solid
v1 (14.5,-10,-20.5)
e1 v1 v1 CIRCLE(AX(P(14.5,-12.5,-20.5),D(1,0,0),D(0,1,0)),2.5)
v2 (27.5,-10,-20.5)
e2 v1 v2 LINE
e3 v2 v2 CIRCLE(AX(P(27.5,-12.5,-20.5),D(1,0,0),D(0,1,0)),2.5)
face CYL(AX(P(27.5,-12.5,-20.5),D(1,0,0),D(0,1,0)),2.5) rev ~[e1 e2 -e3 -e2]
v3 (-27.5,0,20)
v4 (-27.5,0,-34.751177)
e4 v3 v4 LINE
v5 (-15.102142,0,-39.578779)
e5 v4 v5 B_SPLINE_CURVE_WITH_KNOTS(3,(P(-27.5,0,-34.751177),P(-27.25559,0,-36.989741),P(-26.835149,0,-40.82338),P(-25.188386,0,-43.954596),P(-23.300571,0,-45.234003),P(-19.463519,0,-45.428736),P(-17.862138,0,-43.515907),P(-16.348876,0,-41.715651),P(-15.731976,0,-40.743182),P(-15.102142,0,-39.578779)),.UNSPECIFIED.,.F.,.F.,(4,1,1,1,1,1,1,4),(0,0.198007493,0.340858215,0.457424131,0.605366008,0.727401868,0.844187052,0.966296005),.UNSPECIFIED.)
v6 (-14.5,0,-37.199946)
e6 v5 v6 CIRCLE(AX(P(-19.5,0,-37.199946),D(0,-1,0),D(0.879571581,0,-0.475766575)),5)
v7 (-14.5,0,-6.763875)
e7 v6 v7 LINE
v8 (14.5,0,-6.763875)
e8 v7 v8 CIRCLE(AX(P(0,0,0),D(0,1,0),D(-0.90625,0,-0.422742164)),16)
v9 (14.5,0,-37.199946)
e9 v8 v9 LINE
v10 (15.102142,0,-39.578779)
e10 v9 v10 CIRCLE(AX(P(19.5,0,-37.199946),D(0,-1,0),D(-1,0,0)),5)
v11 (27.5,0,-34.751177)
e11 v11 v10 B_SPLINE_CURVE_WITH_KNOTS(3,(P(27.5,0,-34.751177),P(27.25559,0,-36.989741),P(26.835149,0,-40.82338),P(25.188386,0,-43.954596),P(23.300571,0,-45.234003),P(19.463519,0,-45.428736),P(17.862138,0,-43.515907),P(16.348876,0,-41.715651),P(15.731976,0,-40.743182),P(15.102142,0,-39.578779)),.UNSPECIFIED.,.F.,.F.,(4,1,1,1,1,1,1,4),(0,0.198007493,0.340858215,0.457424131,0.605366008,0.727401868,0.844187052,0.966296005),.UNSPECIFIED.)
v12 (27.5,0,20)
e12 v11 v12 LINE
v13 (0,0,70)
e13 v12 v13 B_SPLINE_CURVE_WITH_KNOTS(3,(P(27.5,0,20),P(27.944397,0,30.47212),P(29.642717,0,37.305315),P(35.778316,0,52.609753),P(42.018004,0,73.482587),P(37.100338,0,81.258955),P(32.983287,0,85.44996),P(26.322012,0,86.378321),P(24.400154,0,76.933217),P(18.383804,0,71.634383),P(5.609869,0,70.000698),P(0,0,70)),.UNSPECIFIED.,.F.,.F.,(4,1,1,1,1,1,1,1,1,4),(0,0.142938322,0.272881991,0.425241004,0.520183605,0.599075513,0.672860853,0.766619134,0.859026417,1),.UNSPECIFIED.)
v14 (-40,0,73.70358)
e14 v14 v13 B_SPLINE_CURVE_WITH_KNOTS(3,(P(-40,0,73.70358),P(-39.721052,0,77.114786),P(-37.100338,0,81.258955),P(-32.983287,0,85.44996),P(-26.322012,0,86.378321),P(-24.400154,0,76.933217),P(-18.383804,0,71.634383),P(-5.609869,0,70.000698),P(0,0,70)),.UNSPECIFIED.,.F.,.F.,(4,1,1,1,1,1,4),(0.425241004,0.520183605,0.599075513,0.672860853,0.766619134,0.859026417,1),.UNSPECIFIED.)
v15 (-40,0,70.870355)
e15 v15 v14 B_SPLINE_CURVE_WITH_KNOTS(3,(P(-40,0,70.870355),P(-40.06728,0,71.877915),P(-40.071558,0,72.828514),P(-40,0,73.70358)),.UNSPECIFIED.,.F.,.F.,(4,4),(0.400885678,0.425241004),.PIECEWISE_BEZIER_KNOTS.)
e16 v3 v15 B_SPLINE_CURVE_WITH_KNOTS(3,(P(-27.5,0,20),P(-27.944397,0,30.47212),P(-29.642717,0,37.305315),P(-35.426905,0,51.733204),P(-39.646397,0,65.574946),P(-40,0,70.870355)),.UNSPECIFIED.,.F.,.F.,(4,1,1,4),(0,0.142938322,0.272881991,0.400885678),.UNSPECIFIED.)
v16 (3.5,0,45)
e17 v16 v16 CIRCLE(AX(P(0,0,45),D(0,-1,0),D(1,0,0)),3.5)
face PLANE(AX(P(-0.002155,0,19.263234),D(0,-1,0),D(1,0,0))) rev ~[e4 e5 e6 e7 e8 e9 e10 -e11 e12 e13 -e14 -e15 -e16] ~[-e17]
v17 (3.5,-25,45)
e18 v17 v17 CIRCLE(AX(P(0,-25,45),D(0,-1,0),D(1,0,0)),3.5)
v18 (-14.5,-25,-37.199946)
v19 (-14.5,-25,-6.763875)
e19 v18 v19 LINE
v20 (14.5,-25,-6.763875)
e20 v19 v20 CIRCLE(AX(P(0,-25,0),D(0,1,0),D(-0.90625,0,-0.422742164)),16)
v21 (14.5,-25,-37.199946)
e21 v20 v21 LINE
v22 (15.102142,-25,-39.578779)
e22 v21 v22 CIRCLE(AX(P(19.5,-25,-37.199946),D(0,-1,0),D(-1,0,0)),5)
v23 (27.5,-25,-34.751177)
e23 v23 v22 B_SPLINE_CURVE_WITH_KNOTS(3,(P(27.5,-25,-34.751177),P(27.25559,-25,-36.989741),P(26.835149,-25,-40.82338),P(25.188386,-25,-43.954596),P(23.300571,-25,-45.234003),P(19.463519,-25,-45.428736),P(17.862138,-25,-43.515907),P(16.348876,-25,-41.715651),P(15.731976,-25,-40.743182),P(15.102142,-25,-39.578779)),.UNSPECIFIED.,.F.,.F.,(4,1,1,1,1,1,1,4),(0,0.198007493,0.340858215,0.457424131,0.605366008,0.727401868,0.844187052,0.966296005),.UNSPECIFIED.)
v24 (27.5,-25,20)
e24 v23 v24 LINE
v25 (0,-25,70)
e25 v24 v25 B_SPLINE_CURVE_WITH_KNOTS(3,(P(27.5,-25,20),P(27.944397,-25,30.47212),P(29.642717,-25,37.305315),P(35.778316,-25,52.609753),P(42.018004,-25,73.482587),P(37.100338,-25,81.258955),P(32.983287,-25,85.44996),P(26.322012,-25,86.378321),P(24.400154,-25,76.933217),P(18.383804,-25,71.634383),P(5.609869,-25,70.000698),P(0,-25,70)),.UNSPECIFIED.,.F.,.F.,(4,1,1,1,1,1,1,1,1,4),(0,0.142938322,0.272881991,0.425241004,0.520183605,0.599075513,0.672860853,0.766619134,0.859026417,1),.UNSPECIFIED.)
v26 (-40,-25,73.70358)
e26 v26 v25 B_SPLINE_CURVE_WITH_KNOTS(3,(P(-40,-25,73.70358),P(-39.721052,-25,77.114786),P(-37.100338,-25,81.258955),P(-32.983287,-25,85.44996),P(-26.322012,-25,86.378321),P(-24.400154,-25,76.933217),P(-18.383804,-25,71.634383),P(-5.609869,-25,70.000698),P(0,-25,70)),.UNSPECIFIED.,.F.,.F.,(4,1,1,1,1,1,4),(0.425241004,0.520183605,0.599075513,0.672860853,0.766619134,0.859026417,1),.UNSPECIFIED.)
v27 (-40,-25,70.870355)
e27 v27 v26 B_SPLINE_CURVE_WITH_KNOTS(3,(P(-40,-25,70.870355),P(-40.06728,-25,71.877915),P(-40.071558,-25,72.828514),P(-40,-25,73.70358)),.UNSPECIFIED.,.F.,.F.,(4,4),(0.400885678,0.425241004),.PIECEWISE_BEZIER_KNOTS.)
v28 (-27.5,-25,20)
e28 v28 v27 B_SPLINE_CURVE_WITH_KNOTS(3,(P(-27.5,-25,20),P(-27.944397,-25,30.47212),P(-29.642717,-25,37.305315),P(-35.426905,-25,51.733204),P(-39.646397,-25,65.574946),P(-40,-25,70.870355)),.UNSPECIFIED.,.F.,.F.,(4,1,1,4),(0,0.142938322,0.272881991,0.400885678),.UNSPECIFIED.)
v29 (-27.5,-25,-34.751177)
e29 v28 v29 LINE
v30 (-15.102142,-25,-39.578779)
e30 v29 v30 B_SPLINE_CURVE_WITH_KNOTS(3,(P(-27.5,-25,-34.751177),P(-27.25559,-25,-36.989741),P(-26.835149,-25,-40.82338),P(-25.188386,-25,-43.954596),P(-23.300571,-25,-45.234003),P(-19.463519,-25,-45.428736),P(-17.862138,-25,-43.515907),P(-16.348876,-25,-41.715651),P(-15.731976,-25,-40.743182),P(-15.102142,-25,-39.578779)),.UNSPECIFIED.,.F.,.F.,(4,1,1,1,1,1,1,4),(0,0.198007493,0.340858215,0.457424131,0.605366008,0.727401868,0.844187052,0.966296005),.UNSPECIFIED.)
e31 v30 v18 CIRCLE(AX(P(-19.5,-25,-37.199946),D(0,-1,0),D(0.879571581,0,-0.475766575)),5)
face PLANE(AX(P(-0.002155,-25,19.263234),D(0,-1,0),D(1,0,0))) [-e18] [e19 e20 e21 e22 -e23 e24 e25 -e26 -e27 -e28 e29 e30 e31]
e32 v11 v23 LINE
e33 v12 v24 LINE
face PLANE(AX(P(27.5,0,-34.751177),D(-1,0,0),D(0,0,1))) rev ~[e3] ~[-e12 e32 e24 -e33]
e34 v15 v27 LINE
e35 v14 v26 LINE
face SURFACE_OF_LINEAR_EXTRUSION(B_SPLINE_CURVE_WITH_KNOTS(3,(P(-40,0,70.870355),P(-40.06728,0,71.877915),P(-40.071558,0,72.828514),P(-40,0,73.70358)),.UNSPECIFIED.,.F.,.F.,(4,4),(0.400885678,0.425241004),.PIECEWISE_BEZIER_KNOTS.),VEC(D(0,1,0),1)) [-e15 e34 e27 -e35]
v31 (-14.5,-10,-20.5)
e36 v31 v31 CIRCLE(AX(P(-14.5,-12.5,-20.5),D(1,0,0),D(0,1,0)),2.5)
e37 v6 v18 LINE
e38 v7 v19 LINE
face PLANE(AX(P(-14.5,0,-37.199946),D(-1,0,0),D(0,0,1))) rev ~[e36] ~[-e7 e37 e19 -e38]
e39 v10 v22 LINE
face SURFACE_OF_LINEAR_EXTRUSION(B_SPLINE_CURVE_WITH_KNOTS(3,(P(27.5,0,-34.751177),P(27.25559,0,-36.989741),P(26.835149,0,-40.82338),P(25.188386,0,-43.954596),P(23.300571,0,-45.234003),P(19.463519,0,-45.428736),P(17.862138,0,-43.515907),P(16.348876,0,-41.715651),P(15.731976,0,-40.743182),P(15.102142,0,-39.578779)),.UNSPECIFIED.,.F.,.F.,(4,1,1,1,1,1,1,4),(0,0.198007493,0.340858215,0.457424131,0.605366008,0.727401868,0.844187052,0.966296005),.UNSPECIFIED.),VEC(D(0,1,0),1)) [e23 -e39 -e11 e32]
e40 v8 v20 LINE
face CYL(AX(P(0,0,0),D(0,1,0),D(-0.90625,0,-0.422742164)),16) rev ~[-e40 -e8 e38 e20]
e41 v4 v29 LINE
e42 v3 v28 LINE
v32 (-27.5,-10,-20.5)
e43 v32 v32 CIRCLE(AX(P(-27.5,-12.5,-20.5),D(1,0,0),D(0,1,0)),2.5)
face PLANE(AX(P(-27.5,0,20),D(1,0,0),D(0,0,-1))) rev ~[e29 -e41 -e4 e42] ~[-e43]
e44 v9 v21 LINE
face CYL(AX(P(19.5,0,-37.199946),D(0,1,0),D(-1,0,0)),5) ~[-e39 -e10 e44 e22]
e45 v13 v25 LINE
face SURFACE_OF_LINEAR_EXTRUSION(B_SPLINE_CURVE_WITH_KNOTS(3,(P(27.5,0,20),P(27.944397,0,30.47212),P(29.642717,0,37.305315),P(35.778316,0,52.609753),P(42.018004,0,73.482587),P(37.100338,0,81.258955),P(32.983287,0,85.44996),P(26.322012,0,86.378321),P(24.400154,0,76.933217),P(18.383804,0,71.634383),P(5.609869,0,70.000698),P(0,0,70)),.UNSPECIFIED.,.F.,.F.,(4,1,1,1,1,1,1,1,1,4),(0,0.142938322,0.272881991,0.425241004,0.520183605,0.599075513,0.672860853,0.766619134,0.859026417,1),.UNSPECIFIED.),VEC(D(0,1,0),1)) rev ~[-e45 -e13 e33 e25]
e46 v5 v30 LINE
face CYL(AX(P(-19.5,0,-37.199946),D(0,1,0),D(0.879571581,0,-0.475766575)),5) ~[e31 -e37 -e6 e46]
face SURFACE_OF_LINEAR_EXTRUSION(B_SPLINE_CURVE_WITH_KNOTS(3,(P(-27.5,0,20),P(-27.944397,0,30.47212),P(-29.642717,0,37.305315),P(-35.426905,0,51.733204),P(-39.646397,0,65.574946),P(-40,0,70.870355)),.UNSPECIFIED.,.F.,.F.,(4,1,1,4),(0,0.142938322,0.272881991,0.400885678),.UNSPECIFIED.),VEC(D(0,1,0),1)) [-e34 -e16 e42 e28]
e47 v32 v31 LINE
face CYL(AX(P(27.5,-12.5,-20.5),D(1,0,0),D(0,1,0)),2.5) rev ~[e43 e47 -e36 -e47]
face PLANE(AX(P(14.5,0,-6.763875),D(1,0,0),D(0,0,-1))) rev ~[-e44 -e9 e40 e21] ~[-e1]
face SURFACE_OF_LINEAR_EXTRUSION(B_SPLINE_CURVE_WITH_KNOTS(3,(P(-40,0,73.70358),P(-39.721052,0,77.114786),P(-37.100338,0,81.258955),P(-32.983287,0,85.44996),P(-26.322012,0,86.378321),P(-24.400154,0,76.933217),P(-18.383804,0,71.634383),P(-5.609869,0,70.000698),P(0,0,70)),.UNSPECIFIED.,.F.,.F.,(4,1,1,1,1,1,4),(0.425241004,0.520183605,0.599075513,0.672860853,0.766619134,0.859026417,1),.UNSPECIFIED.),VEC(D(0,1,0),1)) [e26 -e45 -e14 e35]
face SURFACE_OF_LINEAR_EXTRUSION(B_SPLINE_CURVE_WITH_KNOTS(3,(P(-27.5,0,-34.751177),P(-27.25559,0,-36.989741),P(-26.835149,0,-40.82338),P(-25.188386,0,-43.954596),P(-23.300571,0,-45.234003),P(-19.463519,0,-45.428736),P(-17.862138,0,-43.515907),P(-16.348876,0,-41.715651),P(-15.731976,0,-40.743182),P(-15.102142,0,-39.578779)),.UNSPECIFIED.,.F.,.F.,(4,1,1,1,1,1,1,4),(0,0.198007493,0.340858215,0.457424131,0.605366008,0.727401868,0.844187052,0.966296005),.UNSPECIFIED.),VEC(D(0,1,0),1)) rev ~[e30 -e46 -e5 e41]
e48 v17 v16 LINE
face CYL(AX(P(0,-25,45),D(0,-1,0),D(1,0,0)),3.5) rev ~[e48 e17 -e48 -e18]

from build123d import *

# Parameters (mm, degrees)
F1_DEPTH = 25
F2_R     = 2.5
F3_DEPTH = 100
F4_R     = 3.5
F5_DEPTH = 25.0010001


with BuildPart() as f1:
    # F0 (on Front) → F1 (new body)
    with BuildSketch(Plane.XZ):
        with BuildLine():
            ThreePointArc((-14.5, -6.7638746292), (0, 16), (14.5, -6.7638746292))
            Line((14.5, -6.7638746292), (14.5, -37.1999460218))
            ThreePointArc((14.5, -37.1999460218), (14.6528725247, -38.4268752121), (15.1021420952, -39.5787788972))
            add(Edge.make_bspline(
                [(27.5, -34.7511768341), (27.255590138, -36.9897407643), (26.8351492289, -40.8233799891), (25.1883859152, -43.9545964407), (23.3005710742, -45.2340026525), (19.4635188861, -45.4287356176), (17.86213827, -43.5159070483), (16.3488760284, -41.7156513782), (15.7319761319, -40.7431820907), (15.1021420952, -39.5787788972)],
                knots=[0, 0, 0, 0, 0.198007493, 0.3408582153, 0.4574241311, 0.6053660081, 0.7274018676, 0.8441870521, 0.9662960051, 0.9662960051, 0.9662960051, 0.9662960051], degree=3))
            Line((27.5, -34.7511768341), (27.5, 20))
            add(Edge.make_bspline(
                [(27.5, 20), (27.9443971813, 30.4721202701), (29.6427169365, 37.3053147522), (35.778316003, 52.6097530075), (42.0180041614, 73.4825873029), (37.1003380144, 81.2589554755), (32.9832872695, 85.4499603343), (26.3220123871, 86.3783214047), (24.4001544939, 76.9332174165), (18.3838037691, 71.6343832534), (5.6098692254, 70.0006979322), (0, 70)],
                knots=[0, 0, 0, 0, 0.1429383225, 0.2728819911, 0.4252410038, 0.5201836047, 0.5990755134, 0.6728608532, 0.7666191343, 0.8590264165, 1, 1, 1, 1], degree=3))
            add(Edge.make_bspline(
                [(-40, 73.7035796046), (-39.7210524822, 77.1147862765), (-37.1003380144, 81.2589554755), (-32.9832872695, 85.4499603343), (-26.3220123871, 86.3783214047), (-24.4001544939, 76.9332174165), (-18.3838037691, 71.6343832534), (-5.6098692254, 70.0006979322), (0, 70)],
                knots=[0.4252410038, 0.4252410038, 0.4252410038, 0.4252410038, 0.5201836047, 0.5990755134, 0.6728608532, 0.7666191343, 0.8590264165, 1, 1, 1, 1], degree=3))
            Line((-40, 73.7035796046), (-40, 70.8703550938))
            add(Edge.make_bspline(
                [(-27.5, 20), (-27.9443971813, 30.4721202701), (-29.6427169365, 37.3053147522), (-35.4269046557, 51.7332040008), (-39.6463968513, 65.5749457141), (-40, 70.8703550938)],
                knots=[0, 0, 0, 0, 0.1429383225, 0.2728819911, 0.400885678, 0.400885678, 0.400885678, 0.400885678], degree=3))
            Line((-27.5, 20), (-27.5, -34.7511768341))
            add(Edge.make_bspline(
                [(-27.5, -34.7511768341), (-27.255590138, -36.9897407643), (-26.8351492289, -40.8233799891), (-25.1883859152, -43.9545964407), (-23.3005710742, -45.2340026525), (-19.4635188861, -45.4287356176), (-17.86213827, -43.5159070483), (-16.3488760284, -41.7156513782), (-15.7319761319, -40.7431820907), (-15.1021420952, -39.5787788972)],
                knots=[0, 0, 0, 0, 0.198007493, 0.3408582153, 0.4574241311, 0.6053660081, 0.7274018676, 0.8441870521, 0.9662960051, 0.9662960051, 0.9662960051, 0.9662960051], degree=3))
            ThreePointArc((-15.1021420952, -39.5787788972), (-14.6528725247, -38.4268752121), (-14.5, -37.1999460218))
            Line((-14.5, -37.1999460218), (-14.5, -6.7638746292))
        make_face()
        with BuildLine():
            add(Edge.make_bspline(
                [(-40, 70.8703550938), (-40.0672802486, 71.8779152951), (-40.0715575264, 72.8285135231), (-40, 73.7035796046)],
                knots=[0.400885678, 0.400885678, 0.400885678, 0.400885678, 0.4252410038, 0.4252410038, 0.4252410038, 0.4252410038], degree=3))
            Line((-40, 70.8703550938), (-40, 73.7035796046))
        make_face()
    extrude(amount=F1_DEPTH)

    # F2 (on face) → F3 (cut, symmetric)
    with BuildSketch(Plane.YZ.offset(27.5)):
        with Locations((-12.5, -20.5)):
            Circle(F2_R)
    extrude(amount=F3_DEPTH, both=True, mode=Mode.SUBTRACT)

    # F4 (on face) → F5 (cut, through all)
    with BuildSketch(Plane.XZ.offset(25)):
        with Locations((0, 45)):
            Circle(F4_R)
    extrude(amount=-F5_DEPTH, mode=Mode.SUBTRACT)


solid = f1.part
